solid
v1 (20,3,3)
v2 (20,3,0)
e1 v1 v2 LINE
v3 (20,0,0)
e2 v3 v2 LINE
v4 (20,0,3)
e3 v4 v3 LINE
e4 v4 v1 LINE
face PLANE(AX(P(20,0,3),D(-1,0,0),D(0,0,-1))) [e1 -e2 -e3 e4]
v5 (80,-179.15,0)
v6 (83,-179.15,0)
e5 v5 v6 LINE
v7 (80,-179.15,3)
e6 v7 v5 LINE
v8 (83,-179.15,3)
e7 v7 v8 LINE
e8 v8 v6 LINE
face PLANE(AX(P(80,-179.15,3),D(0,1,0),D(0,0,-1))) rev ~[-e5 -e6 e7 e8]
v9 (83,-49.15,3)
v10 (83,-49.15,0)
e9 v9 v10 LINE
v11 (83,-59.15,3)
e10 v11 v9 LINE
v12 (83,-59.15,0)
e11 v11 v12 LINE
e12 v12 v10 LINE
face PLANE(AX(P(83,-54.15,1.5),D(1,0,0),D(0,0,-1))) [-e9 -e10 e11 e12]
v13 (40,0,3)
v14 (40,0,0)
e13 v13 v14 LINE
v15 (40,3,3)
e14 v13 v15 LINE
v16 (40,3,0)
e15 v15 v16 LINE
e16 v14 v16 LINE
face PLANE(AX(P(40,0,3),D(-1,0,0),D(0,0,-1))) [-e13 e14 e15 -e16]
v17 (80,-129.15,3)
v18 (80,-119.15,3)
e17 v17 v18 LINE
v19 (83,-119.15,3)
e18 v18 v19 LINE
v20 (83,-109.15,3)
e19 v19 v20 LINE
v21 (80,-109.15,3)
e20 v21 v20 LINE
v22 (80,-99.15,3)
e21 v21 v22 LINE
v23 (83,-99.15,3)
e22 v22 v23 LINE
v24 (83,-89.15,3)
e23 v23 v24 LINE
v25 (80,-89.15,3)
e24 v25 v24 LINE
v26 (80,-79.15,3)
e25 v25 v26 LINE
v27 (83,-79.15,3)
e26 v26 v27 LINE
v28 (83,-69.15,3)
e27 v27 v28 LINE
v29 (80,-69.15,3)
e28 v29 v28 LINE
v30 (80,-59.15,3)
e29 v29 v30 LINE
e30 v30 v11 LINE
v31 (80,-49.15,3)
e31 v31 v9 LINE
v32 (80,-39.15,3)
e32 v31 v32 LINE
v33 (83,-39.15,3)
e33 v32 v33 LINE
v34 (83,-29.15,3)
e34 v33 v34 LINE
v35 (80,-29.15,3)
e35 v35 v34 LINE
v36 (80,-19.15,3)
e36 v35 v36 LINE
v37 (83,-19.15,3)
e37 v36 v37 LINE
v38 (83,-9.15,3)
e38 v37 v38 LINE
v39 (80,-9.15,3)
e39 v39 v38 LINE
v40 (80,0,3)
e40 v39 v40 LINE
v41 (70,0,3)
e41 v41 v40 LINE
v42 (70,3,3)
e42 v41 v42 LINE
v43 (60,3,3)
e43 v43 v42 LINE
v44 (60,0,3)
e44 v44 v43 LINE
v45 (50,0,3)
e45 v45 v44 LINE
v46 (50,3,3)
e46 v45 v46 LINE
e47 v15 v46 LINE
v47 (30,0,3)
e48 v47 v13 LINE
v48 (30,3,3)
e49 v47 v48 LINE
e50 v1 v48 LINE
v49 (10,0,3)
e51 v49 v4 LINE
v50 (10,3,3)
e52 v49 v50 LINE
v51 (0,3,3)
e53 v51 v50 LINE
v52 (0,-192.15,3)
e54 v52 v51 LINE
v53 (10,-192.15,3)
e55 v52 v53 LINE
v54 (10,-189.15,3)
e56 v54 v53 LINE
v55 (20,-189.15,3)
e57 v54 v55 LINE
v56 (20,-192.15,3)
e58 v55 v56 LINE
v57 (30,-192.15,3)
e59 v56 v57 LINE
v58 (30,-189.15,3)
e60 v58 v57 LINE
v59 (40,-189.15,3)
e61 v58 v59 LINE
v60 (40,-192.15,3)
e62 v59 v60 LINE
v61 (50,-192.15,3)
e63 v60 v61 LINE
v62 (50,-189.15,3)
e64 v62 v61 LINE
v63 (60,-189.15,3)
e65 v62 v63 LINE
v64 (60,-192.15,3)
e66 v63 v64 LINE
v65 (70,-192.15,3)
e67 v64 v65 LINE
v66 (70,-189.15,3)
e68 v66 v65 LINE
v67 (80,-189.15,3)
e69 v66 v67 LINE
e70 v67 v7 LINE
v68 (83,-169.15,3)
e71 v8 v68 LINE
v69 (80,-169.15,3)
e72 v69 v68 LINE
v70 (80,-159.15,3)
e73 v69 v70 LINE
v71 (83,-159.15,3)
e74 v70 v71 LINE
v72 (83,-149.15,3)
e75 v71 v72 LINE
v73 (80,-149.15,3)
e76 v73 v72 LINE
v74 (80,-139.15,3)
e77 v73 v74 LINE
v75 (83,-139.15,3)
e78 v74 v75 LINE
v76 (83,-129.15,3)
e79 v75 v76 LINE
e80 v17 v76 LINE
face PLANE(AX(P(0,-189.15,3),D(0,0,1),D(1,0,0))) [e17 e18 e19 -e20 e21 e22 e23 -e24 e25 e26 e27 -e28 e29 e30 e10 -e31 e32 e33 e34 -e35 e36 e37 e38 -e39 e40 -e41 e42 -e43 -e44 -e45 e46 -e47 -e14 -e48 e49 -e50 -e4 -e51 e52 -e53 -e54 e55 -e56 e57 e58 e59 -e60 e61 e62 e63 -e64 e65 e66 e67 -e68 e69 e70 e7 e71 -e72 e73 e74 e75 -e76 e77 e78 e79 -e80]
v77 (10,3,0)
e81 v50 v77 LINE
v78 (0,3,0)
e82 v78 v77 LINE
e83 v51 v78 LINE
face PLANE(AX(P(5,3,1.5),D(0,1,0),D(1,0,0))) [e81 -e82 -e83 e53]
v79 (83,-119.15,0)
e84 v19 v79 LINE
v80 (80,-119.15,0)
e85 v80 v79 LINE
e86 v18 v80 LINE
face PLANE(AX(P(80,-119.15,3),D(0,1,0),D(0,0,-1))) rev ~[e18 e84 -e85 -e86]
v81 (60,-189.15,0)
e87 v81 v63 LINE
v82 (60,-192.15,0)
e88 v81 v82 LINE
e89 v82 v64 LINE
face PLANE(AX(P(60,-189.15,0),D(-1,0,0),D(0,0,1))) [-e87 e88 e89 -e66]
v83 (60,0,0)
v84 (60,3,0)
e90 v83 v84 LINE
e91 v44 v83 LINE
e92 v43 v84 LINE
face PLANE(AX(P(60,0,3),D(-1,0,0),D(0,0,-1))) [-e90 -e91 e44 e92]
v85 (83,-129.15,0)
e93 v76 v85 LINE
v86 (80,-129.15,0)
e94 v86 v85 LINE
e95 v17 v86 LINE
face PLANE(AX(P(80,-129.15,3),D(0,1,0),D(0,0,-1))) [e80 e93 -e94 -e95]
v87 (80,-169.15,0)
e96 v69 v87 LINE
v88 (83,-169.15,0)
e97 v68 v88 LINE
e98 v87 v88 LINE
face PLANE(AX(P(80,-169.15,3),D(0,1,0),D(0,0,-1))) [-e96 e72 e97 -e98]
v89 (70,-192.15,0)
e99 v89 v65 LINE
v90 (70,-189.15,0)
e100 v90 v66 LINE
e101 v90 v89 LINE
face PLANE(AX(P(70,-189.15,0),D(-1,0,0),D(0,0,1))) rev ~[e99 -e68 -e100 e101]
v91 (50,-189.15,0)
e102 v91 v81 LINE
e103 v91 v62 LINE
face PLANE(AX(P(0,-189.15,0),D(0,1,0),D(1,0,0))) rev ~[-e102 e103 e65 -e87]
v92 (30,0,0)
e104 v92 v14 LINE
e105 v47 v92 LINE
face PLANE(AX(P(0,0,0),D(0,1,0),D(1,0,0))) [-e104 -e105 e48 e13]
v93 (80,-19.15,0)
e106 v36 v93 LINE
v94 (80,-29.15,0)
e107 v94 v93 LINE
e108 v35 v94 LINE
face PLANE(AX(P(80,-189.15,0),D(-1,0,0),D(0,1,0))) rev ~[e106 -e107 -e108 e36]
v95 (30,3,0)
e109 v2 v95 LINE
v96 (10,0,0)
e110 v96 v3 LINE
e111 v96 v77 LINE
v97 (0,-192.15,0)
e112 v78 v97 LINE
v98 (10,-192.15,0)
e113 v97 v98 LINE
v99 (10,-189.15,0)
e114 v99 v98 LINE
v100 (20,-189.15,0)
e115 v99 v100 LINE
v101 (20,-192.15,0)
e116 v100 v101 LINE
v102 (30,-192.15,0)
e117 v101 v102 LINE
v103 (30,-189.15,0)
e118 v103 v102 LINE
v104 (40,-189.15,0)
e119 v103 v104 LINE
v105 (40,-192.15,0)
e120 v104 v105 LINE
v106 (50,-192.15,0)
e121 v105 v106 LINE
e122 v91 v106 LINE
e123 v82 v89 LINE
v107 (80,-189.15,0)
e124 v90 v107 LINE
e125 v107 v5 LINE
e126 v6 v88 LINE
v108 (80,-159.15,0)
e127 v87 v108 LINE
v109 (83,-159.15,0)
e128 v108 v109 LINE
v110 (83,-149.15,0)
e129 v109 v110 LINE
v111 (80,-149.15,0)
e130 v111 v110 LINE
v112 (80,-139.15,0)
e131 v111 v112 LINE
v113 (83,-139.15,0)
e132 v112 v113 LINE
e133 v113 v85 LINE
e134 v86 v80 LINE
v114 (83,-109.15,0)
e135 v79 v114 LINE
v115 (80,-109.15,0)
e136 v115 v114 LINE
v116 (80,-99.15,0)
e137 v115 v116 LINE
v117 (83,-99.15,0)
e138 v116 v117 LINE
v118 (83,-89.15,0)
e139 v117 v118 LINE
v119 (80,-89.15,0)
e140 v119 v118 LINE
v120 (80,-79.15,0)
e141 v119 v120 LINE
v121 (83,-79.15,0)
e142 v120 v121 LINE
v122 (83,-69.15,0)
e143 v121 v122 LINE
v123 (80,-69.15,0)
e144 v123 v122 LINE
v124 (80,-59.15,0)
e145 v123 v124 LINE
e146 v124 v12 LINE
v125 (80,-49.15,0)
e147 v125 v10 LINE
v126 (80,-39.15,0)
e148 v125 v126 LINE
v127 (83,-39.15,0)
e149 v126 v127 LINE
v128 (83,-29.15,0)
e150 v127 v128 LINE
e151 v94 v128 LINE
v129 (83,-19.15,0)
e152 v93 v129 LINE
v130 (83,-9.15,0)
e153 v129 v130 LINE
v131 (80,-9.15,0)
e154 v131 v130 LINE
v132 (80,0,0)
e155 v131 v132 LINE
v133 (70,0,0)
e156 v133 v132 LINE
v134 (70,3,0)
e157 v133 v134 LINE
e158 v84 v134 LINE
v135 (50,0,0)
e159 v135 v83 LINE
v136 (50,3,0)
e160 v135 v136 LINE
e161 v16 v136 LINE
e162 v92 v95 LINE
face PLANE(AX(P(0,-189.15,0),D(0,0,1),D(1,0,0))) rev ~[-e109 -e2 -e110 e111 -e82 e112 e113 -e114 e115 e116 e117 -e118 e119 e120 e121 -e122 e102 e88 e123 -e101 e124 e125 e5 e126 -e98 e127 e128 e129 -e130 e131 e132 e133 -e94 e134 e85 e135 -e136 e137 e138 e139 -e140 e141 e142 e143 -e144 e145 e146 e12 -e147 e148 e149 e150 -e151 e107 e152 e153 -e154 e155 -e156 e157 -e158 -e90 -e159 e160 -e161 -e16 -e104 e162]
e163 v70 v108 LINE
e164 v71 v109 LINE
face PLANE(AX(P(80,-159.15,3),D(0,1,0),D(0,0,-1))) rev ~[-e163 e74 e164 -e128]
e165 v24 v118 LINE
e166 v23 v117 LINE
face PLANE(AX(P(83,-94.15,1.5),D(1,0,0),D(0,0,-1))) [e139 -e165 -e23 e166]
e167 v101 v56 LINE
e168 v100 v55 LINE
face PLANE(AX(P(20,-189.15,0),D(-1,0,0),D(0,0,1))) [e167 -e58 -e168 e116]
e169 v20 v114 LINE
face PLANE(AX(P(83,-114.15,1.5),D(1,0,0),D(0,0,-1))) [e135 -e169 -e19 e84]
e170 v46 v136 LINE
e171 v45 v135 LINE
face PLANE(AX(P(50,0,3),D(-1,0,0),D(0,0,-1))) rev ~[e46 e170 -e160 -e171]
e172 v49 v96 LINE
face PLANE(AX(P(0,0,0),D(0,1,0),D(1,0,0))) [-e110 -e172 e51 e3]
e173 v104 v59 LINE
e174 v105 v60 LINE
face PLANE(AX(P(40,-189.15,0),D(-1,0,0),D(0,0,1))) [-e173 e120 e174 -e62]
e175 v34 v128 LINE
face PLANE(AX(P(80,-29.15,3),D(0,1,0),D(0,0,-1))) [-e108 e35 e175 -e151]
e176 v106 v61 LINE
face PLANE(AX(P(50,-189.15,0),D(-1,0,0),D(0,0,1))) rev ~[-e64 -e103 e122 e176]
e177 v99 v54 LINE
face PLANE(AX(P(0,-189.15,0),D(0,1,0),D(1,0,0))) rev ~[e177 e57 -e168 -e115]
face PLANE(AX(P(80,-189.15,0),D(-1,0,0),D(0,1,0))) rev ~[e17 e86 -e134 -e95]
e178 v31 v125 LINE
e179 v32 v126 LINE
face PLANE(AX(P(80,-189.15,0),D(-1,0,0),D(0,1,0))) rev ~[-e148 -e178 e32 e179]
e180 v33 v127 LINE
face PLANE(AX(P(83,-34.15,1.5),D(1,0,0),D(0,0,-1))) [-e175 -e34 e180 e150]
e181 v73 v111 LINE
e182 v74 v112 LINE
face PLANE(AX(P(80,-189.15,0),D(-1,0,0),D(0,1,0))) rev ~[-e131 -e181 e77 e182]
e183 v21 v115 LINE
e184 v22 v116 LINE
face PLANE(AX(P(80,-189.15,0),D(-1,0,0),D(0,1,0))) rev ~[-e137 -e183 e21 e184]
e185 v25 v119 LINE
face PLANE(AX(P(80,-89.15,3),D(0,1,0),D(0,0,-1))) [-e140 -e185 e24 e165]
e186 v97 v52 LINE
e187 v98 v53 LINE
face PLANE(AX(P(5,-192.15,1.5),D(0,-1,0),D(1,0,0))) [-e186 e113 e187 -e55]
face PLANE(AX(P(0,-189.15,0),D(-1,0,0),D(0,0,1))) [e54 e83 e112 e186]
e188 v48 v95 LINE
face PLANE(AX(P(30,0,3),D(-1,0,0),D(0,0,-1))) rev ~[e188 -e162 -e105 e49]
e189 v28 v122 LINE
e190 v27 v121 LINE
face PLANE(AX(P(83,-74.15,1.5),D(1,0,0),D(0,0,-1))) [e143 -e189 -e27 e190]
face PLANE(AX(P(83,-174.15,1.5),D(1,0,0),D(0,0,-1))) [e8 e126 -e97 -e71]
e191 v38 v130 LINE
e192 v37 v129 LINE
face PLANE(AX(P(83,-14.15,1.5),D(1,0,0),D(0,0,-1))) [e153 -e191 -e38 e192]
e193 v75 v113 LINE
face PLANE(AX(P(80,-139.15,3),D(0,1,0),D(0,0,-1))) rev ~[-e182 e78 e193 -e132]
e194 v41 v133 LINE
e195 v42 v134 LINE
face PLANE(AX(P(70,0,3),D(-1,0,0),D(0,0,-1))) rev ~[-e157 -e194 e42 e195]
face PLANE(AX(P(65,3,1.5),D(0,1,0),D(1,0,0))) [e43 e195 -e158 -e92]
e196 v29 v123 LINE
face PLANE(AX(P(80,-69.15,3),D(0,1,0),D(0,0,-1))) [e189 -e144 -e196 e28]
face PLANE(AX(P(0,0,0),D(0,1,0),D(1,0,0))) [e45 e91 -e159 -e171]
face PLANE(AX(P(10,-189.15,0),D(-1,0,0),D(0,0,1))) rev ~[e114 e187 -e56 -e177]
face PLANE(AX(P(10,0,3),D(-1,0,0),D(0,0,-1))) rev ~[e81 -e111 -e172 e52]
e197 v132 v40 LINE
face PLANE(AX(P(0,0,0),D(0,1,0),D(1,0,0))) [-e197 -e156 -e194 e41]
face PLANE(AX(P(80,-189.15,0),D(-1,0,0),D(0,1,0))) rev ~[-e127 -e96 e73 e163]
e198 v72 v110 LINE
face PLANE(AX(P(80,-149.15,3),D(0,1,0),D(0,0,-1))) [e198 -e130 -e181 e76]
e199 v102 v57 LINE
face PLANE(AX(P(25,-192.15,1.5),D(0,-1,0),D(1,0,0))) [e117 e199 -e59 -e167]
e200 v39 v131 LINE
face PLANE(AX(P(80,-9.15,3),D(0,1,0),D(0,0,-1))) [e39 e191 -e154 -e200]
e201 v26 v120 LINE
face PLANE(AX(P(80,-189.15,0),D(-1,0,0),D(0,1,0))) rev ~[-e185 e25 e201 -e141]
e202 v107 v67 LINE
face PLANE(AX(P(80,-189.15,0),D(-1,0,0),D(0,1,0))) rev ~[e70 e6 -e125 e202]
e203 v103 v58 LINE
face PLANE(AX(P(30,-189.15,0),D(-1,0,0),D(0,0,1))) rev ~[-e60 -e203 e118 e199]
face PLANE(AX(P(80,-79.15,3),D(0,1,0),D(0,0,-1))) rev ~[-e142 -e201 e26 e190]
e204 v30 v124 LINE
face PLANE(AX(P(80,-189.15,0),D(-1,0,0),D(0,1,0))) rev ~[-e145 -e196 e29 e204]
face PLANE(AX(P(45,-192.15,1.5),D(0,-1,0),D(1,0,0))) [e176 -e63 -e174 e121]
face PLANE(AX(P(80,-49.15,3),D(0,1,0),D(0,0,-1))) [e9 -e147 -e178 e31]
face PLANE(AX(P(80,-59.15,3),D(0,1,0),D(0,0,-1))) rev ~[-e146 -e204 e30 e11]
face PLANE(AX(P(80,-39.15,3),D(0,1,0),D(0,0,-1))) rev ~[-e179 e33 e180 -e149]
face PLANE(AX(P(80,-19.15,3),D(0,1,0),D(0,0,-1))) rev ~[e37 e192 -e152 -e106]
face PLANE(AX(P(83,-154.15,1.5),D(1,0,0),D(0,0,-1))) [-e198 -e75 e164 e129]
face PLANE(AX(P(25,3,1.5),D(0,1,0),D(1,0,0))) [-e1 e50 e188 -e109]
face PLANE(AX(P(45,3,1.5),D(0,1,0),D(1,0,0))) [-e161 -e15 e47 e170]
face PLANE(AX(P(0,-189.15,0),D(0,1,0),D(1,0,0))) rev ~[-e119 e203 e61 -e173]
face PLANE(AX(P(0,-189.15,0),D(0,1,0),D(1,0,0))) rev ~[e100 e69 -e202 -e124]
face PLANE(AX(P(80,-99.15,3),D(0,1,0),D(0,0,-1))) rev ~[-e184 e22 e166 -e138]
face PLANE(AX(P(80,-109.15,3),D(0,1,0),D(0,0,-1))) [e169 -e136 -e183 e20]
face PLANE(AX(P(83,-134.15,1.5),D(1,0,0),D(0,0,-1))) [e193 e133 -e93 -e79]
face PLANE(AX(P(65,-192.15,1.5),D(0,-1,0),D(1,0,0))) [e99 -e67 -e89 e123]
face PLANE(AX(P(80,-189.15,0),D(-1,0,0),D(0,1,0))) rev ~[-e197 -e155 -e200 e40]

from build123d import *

# Parameters (mm, degrees)
ESQUISSE1_W                = 80
ESQUISSE1_H                = 189.15
BOSS_EXTRU_1_DEPTH         = 3
ESQUISSE3_W                = 10
ESQUISSE3_H                = 3
BOSS_EXTRU_2_DEPTH         = 3
R_P_TITION_LIN_AIRE1_COUNT = 4
R_P_TITION_LIN_AIRE1_PITCH = 20
ESQUISSE4_W                = 10
ESQUISSE4_H                = 3
BOSS_EXTRU_3_DEPTH         = 3
R_P_TITION_LIN_AIRE2_COUNT = 4
R_P_TITION_LIN_AIRE2_PITCH = 20
ESQUISSE5_W                = 3
ESQUISSE5_H                = 10
BOSS_EXTRU_4_DEPTH         = 3
R_P_TITION_LIN_AIRE3_COUNT = 9
R_P_TITION_LIN_AIRE3_PITCH = 20


with BuildPart() as part:
    # Esquisse1 → Boss.-Extru.1 (new body)
    with BuildSketch(Plane.XY):
        with Locations((40, -94.575)):
            Rectangle(ESQUISSE1_W, ESQUISSE1_H)
    extrude(amount=BOSS_EXTRU_1_DEPTH)

    # Esquisse3 → Boss.-Extru.2 (add)
    with BuildSketch(Plane(origin=(0, 0, 0), x_dir=(1, 0, 0), z_dir=(0, 1, 0))):
        with Locations((5, -1.5)):
            Rectangle(ESQUISSE3_W, ESQUISSE3_H)
    boss_extru_2 = extrude(amount=BOSS_EXTRU_2_DEPTH)

    # Répétition linéaire1: Boss.-Extru.2 ×4
    with Locations(*[(i * R_P_TITION_LIN_AIRE1_PITCH, 0, 0) for i in range(1, R_P_TITION_LIN_AIRE1_COUNT)]):
        add(boss_extru_2)

    # Esquisse4 → Boss.-Extru.3 (add)
    with BuildSketch(Plane.XZ.offset(189.15)):
        with Locations((5, 1.5)):
            Rectangle(ESQUISSE4_W, ESQUISSE4_H)
    boss_extru_3 = extrude(amount=BOSS_EXTRU_3_DEPTH)

    # Répétition linéaire2: Boss.-Extru.3 ×4
    with Locations(*[(i * R_P_TITION_LIN_AIRE2_PITCH, 0, 0) for i in range(1, R_P_TITION_LIN_AIRE2_COUNT)]):
        add(boss_extru_3)

    # Esquisse5 → Boss.-Extru.4 (add)
    with BuildSketch(Plane(origin=(80, 0, 0), x_dir=(0, 0, -1), z_dir=(1, 0, 0))):
        with Locations((-1.5, -174.15)):
            Rectangle(ESQUISSE5_W, ESQUISSE5_H)
    boss_extru_4 = extrude(amount=BOSS_EXTRU_4_DEPTH)

    # Répétition linéaire3: Boss.-Extru.4 ×9
    with Locations(*[(0, i * R_P_TITION_LIN_AIRE3_PITCH, 0) for i in range(1, R_P_TITION_LIN_AIRE3_COUNT)]):
        add(boss_extru_4)


solid = part.part
